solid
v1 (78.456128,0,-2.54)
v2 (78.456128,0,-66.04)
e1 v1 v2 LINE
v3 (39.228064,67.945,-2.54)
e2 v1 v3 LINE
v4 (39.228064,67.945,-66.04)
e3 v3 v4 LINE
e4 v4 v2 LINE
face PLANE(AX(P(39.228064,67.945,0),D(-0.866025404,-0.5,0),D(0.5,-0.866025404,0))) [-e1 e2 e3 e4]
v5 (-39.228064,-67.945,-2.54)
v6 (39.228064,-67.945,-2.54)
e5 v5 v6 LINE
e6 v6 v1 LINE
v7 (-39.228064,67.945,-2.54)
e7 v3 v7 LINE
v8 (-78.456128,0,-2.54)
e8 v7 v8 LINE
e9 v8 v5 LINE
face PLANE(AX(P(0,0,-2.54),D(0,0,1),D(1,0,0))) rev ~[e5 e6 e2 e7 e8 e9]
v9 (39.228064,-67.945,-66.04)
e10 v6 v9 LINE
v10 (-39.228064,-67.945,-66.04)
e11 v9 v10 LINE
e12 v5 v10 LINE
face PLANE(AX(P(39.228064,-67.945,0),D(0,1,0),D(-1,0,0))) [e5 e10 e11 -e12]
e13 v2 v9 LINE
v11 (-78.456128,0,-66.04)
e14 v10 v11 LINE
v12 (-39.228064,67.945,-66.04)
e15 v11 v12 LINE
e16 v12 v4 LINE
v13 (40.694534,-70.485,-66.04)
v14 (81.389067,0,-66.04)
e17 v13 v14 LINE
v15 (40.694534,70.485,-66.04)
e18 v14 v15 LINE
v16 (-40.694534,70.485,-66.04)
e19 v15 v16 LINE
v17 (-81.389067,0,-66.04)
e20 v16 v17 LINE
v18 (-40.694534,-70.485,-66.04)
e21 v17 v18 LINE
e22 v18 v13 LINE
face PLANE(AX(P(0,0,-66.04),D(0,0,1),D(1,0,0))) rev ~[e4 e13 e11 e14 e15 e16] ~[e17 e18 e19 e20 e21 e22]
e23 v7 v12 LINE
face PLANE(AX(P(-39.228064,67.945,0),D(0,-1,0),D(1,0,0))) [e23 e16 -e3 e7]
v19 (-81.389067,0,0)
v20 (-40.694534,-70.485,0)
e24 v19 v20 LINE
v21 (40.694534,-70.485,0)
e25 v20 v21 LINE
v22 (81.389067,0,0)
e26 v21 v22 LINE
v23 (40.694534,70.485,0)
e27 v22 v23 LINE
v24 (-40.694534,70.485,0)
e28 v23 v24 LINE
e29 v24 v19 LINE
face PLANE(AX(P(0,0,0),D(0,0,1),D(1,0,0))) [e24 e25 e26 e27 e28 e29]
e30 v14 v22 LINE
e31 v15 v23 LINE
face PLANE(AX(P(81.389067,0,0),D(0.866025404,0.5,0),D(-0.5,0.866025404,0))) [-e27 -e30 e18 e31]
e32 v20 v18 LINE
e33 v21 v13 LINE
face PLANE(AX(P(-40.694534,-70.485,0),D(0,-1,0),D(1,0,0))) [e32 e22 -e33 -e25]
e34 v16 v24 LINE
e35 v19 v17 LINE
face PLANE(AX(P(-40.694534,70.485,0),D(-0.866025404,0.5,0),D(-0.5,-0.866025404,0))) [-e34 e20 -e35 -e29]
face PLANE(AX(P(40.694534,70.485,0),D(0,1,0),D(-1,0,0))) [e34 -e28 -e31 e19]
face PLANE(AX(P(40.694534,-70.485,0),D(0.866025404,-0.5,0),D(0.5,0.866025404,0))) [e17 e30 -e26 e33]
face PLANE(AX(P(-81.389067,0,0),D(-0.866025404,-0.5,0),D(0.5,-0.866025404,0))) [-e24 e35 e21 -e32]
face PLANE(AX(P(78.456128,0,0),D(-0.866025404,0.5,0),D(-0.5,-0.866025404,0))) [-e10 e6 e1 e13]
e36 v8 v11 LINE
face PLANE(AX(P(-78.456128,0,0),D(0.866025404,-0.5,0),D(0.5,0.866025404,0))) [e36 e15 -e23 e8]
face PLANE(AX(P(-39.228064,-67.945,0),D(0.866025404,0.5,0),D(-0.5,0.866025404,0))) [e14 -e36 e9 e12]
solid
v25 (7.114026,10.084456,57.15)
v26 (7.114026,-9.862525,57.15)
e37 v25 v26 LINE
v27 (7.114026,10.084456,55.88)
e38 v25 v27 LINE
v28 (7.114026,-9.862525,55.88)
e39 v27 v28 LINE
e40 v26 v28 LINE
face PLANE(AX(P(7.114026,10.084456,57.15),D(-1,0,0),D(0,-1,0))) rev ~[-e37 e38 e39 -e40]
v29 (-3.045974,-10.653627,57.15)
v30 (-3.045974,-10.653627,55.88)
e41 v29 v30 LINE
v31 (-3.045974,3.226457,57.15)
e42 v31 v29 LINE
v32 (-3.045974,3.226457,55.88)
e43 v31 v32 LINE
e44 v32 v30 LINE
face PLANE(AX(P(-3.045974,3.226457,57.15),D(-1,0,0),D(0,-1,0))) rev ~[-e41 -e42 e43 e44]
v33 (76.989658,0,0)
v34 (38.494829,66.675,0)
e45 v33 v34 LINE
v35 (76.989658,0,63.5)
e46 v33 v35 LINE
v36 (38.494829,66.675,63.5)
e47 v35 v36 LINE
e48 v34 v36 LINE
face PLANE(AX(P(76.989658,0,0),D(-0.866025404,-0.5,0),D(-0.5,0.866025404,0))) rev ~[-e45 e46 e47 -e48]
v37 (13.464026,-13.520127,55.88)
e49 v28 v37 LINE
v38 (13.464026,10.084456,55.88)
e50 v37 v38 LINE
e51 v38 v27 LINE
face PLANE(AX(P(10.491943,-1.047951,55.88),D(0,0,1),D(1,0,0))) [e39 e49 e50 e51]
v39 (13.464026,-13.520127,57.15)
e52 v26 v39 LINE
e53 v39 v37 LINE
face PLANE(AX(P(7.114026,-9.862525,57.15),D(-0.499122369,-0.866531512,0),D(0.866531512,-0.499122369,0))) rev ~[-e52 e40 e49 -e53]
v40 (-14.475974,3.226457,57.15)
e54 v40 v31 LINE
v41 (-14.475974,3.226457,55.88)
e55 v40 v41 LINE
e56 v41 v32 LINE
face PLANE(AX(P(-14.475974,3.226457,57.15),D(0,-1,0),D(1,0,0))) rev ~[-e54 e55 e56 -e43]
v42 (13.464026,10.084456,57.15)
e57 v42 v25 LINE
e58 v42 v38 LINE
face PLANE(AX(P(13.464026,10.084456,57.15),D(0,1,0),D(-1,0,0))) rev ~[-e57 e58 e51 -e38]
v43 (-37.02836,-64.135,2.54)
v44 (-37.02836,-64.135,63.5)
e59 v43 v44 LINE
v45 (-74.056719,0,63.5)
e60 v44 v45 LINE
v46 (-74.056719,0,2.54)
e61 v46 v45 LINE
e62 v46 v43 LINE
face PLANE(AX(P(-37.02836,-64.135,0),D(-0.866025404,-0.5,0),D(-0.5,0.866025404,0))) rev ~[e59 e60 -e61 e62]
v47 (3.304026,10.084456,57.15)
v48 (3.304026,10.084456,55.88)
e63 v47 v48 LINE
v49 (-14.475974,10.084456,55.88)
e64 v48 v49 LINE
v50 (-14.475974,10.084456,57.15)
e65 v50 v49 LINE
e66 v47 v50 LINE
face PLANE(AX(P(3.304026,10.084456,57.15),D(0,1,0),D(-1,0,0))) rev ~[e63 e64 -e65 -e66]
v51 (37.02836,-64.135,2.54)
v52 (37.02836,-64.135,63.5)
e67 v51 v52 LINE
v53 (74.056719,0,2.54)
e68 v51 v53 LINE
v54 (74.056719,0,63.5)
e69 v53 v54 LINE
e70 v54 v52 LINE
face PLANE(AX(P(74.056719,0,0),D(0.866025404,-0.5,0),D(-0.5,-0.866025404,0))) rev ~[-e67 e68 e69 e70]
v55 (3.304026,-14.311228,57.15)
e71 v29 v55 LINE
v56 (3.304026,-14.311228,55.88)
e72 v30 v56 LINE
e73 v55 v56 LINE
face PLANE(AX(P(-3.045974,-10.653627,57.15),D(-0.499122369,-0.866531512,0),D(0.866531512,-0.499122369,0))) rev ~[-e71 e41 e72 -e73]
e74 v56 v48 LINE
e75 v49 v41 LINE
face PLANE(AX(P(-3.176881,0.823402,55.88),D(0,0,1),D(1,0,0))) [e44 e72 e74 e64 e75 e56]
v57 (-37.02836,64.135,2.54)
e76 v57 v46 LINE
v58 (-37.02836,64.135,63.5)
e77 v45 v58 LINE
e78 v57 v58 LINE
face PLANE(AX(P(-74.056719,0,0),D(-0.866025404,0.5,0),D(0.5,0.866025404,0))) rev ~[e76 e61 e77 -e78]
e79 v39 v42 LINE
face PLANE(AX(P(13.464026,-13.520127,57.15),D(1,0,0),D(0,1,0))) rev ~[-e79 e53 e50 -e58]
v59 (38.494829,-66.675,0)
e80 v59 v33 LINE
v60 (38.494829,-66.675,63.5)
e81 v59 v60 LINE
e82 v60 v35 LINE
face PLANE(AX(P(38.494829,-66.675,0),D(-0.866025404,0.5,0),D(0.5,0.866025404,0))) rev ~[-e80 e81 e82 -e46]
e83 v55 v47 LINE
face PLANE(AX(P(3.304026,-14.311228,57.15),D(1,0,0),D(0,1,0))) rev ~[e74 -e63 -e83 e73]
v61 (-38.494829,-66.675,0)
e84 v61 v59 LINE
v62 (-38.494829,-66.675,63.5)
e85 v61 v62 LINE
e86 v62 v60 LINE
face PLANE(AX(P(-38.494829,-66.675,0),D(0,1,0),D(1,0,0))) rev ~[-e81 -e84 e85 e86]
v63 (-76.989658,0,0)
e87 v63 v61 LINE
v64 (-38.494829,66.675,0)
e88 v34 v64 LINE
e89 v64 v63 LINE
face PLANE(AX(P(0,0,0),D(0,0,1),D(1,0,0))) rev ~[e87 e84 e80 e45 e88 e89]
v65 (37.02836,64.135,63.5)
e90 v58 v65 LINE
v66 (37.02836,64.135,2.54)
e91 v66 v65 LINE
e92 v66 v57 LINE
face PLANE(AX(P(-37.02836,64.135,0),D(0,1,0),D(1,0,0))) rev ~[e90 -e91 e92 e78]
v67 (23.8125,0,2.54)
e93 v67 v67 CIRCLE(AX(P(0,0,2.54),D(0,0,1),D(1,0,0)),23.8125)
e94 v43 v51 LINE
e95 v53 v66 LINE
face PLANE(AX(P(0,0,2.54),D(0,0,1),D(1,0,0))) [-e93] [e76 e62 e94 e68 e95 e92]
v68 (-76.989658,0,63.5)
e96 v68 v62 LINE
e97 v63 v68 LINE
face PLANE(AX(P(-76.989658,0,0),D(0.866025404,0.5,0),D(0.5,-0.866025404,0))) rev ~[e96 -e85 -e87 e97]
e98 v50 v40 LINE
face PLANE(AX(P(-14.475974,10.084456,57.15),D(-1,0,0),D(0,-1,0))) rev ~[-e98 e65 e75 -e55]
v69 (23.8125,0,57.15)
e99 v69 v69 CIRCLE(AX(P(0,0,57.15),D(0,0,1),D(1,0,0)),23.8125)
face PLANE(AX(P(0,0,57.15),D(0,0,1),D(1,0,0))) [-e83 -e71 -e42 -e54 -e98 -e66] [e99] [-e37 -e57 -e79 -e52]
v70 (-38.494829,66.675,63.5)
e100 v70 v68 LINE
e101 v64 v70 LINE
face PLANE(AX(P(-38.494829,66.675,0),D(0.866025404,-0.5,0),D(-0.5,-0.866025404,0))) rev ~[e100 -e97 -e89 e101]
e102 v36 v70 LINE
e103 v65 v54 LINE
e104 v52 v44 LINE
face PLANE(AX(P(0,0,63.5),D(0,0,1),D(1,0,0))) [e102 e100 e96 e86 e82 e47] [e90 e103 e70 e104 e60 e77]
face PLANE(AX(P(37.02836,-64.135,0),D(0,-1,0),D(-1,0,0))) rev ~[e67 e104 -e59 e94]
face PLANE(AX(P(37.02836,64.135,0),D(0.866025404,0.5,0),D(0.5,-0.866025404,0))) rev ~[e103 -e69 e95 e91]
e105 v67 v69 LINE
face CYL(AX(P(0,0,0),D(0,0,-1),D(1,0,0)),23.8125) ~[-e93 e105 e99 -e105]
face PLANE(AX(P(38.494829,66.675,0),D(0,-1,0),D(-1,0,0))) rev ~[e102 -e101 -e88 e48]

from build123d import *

# Parameters (mm, degrees)
F1_DEPTH = 63.5
F0_R     = 23.8125
F2_DEPTH = 2.54
F3_DEPTH = 57.15
F4_DEPTH = 66.04
F5_DEPTH = 2.54
F7_DEPTH = 1.27


with BuildPart() as f1:
    # F0 (on Top) → F1 (new body)
    with BuildSketch(Plane.XY):
        Polygon((38.4948291982, 66.675), (-38.4948291982, 66.675), (-76.9896583964, 0), (-38.4948291982, -66.675), (38.4948291982, -66.675), (76.9896583964, 0), align=None)
        Polygon((-37.0283595145, 64.135), (37.0283595145, 64.135), (74.056719029, 0), (37.0283595145, -64.135), (-37.0283595145, -64.135), (-74.056719029, 0), align=None, mode=Mode.SUBTRACT)
    extrude(amount=F1_DEPTH)

    # F0 (on Top) → F2 (join)
    with BuildSketch(Plane.XY):
        Polygon((74.056719029, 0), (37.0283595145, 64.135), (-37.0283595145, 64.135), (-74.056719029, 0), (-37.0283595145, -64.135), (37.0283595145, -64.135), align=None)
        Circle(F0_R, mode=Mode.SUBTRACT)
    extrude(amount=F2_DEPTH)

    # F0 (on Top) → F3 (join)
    with BuildSketch(Plane.XY):
        Circle(F0_R)
    extrude(amount=F3_DEPTH)

    # F6 (on face) → F7 (cut)
    with BuildSketch(Plane.XY.offset(57.15)):
        Polygon((13.4640260006, -13.5201268494), (13.4640260006, 10.0844563534), (7.1140260006, 10.0844563534), (7.1140260006, -9.8625252509), align=None)
        Polygon((3.3040260006, -14.3112281538), (3.3040260006, 10.0844563534), (-14.4759739994, 10.0844563534), (-14.4759739994, 3.2264567894), (-3.0459739994, 3.2264567894), (-3.0459739994, -10.6536265554), align=None)
    extrude(amount=-F7_DEPTH, mode=Mode.SUBTRACT)


with BuildPart() as f4:
    # F0 (on Top) → F4 (new body)
    with BuildSketch(Plane.XY):
        Polygon((40.6945337238, -70.485), (81.3890674477, 0), (40.6945337238, 70.485), (-40.6945337238, 70.485), (-81.3890674477, 0), (-40.6945337238, -70.485), align=None)
        Polygon((39.2280640401, 67.945), (78.4561280802, 0), (39.2280640401, -67.945), (-39.2280640401, -67.945), (-78.4561280802, 0), (-39.2280640401, 67.945), align=None, mode=Mode.SUBTRACT)
    extrude(amount=-F4_DEPTH)

    # F0 (on Top) → F5 (join)
    with BuildSketch(Plane.XY):
        Polygon((40.6945337238, -70.485), (81.3890674477, 0), (40.6945337238, 70.485), (-40.6945337238, 70.485), (-81.3890674477, 0), (-40.6945337238, -70.485), align=None)
        Polygon((39.2280640401, 67.945), (78.4561280802, 0), (39.2280640401, -67.945), (-39.2280640401, -67.945), (-78.4561280802, 0), (-39.2280640401, 67.945), align=None, mode=Mode.SUBTRACT)
        Polygon((39.2280640401, -67.945), (78.4561280802, 0), (39.2280640401, 67.945), (-39.2280640401, 67.945), (-78.4561280802, 0), (-39.2280640401, -67.945), align=None)
        Polygon((-76.9896583964, 0), (-38.4948291982, 66.675), (38.4948291982, 66.675), (76.9896583964, 0), (38.4948291982, -66.675), (-38.4948291982, -66.675), align=None, mode=Mode.SUBTRACT)
        Polygon((38.4948291982, 66.675), (-38.4948291982, 66.675), (-76.9896583964, 0), (-38.4948291982, -66.675), (38.4948291982, -66.675), (76.9896583964, 0), align=None)
        Polygon((-37.0283595145, 64.135), (37.0283595145, 64.135), (74.056719029, 0), (37.0283595145, -64.135), (-37.0283595145, -64.135), (-74.056719029, 0), align=None, mode=Mode.SUBTRACT)
        Polygon((74.056719029, 0), (37.0283595145, 64.135), (-37.0283595145, 64.135), (-74.056719029, 0), (-37.0283595145, -64.135), (37.0283595145, -64.135), align=None)
        Circle(F0_R, mode=Mode.SUBTRACT)
        Circle(F0_R)
    extrude(amount=-F5_DEPTH)


solid = Compound([f1.part, f4.part])
